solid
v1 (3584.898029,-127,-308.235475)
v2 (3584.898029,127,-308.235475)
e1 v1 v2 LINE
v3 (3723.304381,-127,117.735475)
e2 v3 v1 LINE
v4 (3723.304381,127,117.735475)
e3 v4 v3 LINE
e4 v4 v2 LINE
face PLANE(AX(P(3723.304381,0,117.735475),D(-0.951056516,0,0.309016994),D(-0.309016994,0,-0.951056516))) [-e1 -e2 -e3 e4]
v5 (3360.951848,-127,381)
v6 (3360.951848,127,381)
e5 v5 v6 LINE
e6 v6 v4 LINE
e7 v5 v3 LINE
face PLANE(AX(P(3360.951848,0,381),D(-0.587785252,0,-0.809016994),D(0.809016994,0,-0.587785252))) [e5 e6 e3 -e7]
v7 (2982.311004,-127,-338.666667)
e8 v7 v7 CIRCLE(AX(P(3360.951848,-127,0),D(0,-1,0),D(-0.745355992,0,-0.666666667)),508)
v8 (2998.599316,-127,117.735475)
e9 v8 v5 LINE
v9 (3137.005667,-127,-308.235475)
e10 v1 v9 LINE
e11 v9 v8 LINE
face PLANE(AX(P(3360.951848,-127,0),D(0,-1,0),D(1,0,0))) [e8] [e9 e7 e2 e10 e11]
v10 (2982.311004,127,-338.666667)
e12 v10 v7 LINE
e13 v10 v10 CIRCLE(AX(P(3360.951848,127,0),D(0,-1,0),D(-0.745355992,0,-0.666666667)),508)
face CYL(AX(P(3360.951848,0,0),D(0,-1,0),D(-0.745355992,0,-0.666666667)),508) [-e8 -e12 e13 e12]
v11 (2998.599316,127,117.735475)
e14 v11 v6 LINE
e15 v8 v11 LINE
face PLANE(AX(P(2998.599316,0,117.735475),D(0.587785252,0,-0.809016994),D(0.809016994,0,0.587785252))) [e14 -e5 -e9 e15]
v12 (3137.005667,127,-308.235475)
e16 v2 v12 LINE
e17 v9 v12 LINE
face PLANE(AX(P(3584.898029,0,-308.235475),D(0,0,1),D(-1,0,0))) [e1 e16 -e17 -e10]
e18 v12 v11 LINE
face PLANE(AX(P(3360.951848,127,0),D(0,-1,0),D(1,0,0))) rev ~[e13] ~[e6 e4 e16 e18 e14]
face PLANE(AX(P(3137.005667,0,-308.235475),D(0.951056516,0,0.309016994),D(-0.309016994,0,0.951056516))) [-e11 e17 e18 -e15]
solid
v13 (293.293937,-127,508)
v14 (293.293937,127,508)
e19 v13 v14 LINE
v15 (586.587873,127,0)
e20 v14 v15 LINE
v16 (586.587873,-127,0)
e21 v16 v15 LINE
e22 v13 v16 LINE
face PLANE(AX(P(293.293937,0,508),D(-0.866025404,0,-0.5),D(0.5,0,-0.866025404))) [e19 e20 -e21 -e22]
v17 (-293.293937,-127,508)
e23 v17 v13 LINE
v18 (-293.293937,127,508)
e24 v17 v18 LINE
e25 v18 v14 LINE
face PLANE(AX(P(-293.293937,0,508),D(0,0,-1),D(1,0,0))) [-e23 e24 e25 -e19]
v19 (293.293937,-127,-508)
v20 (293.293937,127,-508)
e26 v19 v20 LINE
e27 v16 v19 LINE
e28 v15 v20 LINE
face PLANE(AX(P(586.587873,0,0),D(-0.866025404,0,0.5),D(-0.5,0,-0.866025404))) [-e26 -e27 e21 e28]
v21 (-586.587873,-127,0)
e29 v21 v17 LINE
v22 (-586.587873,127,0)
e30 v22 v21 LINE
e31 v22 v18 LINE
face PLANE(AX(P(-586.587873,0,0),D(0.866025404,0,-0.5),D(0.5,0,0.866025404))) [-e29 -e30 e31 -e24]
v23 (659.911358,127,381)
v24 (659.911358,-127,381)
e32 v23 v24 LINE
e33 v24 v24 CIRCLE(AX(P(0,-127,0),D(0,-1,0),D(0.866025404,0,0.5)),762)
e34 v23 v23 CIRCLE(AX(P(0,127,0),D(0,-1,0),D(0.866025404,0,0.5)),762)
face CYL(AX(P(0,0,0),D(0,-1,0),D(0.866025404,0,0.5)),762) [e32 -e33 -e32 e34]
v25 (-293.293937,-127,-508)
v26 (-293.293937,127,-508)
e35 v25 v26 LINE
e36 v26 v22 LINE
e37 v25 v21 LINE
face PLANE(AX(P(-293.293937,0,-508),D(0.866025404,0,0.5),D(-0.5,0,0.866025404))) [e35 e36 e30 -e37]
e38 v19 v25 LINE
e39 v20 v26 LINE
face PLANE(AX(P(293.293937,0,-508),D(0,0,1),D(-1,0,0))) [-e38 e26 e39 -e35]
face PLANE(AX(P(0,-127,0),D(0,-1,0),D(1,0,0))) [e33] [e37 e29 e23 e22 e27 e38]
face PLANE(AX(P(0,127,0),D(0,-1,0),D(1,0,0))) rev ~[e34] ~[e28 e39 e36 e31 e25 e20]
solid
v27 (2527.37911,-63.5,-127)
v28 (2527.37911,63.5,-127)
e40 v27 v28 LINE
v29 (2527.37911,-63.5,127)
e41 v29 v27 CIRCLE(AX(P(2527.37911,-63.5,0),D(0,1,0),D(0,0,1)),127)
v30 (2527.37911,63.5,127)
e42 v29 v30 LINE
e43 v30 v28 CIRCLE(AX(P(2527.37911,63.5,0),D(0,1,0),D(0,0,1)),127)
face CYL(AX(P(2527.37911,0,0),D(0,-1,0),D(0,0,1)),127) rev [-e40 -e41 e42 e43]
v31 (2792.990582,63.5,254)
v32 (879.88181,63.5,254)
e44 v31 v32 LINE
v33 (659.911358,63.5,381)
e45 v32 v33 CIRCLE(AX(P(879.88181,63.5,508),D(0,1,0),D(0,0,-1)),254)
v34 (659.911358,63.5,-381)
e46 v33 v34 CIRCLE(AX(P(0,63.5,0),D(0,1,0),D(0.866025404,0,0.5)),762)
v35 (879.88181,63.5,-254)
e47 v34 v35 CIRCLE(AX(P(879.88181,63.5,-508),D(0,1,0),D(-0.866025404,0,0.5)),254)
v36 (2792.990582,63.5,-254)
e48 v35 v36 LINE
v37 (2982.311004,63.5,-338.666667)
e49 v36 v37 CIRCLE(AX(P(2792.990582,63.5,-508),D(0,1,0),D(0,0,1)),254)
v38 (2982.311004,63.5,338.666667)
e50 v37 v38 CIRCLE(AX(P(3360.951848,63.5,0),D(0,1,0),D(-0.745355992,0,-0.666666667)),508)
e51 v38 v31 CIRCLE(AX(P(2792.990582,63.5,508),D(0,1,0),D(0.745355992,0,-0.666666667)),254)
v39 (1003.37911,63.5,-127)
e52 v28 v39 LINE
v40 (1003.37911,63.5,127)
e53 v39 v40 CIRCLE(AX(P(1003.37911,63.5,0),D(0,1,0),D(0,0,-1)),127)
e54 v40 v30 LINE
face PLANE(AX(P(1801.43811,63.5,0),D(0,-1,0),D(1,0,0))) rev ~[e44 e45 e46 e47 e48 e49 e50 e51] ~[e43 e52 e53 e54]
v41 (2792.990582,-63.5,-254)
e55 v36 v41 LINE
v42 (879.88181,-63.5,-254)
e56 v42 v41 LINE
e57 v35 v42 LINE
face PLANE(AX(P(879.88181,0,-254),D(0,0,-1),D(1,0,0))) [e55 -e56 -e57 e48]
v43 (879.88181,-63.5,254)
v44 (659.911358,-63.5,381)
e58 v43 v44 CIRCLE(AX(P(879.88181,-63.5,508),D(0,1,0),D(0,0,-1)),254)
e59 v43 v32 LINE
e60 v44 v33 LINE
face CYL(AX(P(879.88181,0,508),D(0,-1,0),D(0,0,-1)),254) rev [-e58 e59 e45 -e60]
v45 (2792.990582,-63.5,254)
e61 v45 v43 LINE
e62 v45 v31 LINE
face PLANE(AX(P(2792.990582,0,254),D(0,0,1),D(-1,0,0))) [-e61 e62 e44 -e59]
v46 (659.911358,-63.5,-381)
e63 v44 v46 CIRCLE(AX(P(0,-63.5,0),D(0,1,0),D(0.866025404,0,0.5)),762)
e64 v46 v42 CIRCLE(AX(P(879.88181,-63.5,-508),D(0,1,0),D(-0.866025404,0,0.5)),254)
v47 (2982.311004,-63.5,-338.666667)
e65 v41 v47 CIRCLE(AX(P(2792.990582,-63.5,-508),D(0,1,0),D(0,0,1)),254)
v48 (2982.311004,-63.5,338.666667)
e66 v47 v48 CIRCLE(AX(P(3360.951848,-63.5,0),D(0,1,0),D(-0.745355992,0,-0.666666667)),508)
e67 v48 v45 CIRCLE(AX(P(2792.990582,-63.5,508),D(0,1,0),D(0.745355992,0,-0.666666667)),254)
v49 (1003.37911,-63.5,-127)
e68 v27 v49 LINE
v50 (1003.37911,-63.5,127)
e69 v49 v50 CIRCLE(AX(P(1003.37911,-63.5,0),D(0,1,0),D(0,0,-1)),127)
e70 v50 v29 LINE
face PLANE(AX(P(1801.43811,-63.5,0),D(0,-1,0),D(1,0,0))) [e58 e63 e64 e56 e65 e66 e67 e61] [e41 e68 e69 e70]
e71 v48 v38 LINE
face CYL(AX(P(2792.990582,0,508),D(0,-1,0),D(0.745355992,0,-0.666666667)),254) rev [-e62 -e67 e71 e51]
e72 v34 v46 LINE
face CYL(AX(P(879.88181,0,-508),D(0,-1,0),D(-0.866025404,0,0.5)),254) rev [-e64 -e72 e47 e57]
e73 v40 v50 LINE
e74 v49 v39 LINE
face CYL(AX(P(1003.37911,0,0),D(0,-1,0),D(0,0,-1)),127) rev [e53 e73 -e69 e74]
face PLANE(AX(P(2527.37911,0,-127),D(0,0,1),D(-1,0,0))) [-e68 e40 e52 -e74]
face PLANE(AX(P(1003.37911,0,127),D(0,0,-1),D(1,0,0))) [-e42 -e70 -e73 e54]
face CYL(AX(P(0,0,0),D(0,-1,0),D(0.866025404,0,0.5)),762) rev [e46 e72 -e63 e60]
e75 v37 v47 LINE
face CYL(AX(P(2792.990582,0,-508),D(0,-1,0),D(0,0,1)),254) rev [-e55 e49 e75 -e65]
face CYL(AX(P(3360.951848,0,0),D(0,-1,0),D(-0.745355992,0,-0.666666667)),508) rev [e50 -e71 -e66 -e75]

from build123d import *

# Parameters (mm, degrees)
F1_DEPTH = 127
F2_DEPTH = 63.5


with BuildPart() as f1:
    # F0 (on Front) → F1 (new body, symmetric)
    with BuildSketch(Plane.XZ):
        with BuildLine():
            ThreePointArc((659.9113576837, -381), (736.0354796323, -197.2201123681), (762, 0))
            ThreePointArc((762, 0), (736.0354796323, 197.2201123681), (659.9113576837, 381))
            ThreePointArc((659.9113576837, 381), (-762, 0), (659.9113576837, -381))
        make_face()
        Polygon((-586.5878734967, 0), (-293.2939367483, 508), (293.2939367483, 508), (586.5878734967, 0), (293.2939367483, -508), (-293.2939367483, -508), align=None, mode=Mode.SUBTRACT)
    extrude(amount=F1_DEPTH, both=True)


with BuildPart() as f1b:
    # F0 (on Front) → F1, piece 2 (new body, symmetric)
    with BuildSketch(Plane.XZ):
        with BuildLine():
            ThreePointArc((3868.951848319, 0), (3542.2174699237, 474.5595583531), (2982.311004129, 338.6666666667))
            ThreePointArc((2982.311004129, 338.6666666667), (2852.951848319, 0), (2982.311004129, -338.6666666667))
            ThreePointArc((2982.311004129, -338.6666666667), (3542.2174699237, -474.5595583531), (3868.951848319, 0))
        make_face()
        Polygon((3723.3043810274, 117.7354748569), (3584.8980294424, -308.2354748569), (3137.0056671955, -308.2354748569), (2998.5993156105, 117.7354748569), (3360.951848319, 381), align=None, mode=Mode.SUBTRACT)
    extrude(amount=F1_DEPTH, both=True)


with BuildPart() as f2:
    # F0 (on Front) → F2 (new body, symmetric)
    with BuildSketch(Plane.XZ):
        with BuildLine():
            ThreePointArc((659.9113576837, 381), (736.0354796323, 197.2201123681), (762, 0))
            ThreePointArc((762, 0), (736.0354796323, -197.2201123681), (659.9113576837, -381))
            ThreePointArc((659.9113576837, -381), (752.881810245, -288.0295474388), (879.881810245, -254))
            Line((879.881810245, -254), (2792.990582034, -254))
            ThreePointArc((2792.990582034, -254), (2896.6856478119, -276.1307839895), (2982.311004129, -338.6666666667))
            ThreePointArc((2982.311004129, -338.6666666667), (2852.951848319, 0), (2982.311004129, 338.6666666667))
            ThreePointArc((2982.311004129, 338.6666666667), (2896.6856478119, 276.1307839895), (2792.990582034, 254))
            Line((2792.990582034, 254), (879.881810245, 254))
            ThreePointArc((879.881810245, 254), (752.881810245, 288.0295474388), (659.9113576837, 381))
        make_face()
        with BuildLine():
            Line((1003.3791101256, 127), (1765.3791101256, 127))
            Line((1765.3791101256, 127), (2527.3791101256, 127))
            ThreePointArc((2527.3791101256, 127), (2654.3791101256, 0), (2527.3791101256, -127))
            Line((2527.3791101256, -127), (1003.3791101256, -127))
            ThreePointArc((1003.3791101256, -127), (876.3791101256, 0), (1003.3791101256, 127))
        make_face(mode=Mode.SUBTRACT)
    extrude(amount=F2_DEPTH, both=True)


solid = Compound([f1.part, f1b.part, f2.part])
